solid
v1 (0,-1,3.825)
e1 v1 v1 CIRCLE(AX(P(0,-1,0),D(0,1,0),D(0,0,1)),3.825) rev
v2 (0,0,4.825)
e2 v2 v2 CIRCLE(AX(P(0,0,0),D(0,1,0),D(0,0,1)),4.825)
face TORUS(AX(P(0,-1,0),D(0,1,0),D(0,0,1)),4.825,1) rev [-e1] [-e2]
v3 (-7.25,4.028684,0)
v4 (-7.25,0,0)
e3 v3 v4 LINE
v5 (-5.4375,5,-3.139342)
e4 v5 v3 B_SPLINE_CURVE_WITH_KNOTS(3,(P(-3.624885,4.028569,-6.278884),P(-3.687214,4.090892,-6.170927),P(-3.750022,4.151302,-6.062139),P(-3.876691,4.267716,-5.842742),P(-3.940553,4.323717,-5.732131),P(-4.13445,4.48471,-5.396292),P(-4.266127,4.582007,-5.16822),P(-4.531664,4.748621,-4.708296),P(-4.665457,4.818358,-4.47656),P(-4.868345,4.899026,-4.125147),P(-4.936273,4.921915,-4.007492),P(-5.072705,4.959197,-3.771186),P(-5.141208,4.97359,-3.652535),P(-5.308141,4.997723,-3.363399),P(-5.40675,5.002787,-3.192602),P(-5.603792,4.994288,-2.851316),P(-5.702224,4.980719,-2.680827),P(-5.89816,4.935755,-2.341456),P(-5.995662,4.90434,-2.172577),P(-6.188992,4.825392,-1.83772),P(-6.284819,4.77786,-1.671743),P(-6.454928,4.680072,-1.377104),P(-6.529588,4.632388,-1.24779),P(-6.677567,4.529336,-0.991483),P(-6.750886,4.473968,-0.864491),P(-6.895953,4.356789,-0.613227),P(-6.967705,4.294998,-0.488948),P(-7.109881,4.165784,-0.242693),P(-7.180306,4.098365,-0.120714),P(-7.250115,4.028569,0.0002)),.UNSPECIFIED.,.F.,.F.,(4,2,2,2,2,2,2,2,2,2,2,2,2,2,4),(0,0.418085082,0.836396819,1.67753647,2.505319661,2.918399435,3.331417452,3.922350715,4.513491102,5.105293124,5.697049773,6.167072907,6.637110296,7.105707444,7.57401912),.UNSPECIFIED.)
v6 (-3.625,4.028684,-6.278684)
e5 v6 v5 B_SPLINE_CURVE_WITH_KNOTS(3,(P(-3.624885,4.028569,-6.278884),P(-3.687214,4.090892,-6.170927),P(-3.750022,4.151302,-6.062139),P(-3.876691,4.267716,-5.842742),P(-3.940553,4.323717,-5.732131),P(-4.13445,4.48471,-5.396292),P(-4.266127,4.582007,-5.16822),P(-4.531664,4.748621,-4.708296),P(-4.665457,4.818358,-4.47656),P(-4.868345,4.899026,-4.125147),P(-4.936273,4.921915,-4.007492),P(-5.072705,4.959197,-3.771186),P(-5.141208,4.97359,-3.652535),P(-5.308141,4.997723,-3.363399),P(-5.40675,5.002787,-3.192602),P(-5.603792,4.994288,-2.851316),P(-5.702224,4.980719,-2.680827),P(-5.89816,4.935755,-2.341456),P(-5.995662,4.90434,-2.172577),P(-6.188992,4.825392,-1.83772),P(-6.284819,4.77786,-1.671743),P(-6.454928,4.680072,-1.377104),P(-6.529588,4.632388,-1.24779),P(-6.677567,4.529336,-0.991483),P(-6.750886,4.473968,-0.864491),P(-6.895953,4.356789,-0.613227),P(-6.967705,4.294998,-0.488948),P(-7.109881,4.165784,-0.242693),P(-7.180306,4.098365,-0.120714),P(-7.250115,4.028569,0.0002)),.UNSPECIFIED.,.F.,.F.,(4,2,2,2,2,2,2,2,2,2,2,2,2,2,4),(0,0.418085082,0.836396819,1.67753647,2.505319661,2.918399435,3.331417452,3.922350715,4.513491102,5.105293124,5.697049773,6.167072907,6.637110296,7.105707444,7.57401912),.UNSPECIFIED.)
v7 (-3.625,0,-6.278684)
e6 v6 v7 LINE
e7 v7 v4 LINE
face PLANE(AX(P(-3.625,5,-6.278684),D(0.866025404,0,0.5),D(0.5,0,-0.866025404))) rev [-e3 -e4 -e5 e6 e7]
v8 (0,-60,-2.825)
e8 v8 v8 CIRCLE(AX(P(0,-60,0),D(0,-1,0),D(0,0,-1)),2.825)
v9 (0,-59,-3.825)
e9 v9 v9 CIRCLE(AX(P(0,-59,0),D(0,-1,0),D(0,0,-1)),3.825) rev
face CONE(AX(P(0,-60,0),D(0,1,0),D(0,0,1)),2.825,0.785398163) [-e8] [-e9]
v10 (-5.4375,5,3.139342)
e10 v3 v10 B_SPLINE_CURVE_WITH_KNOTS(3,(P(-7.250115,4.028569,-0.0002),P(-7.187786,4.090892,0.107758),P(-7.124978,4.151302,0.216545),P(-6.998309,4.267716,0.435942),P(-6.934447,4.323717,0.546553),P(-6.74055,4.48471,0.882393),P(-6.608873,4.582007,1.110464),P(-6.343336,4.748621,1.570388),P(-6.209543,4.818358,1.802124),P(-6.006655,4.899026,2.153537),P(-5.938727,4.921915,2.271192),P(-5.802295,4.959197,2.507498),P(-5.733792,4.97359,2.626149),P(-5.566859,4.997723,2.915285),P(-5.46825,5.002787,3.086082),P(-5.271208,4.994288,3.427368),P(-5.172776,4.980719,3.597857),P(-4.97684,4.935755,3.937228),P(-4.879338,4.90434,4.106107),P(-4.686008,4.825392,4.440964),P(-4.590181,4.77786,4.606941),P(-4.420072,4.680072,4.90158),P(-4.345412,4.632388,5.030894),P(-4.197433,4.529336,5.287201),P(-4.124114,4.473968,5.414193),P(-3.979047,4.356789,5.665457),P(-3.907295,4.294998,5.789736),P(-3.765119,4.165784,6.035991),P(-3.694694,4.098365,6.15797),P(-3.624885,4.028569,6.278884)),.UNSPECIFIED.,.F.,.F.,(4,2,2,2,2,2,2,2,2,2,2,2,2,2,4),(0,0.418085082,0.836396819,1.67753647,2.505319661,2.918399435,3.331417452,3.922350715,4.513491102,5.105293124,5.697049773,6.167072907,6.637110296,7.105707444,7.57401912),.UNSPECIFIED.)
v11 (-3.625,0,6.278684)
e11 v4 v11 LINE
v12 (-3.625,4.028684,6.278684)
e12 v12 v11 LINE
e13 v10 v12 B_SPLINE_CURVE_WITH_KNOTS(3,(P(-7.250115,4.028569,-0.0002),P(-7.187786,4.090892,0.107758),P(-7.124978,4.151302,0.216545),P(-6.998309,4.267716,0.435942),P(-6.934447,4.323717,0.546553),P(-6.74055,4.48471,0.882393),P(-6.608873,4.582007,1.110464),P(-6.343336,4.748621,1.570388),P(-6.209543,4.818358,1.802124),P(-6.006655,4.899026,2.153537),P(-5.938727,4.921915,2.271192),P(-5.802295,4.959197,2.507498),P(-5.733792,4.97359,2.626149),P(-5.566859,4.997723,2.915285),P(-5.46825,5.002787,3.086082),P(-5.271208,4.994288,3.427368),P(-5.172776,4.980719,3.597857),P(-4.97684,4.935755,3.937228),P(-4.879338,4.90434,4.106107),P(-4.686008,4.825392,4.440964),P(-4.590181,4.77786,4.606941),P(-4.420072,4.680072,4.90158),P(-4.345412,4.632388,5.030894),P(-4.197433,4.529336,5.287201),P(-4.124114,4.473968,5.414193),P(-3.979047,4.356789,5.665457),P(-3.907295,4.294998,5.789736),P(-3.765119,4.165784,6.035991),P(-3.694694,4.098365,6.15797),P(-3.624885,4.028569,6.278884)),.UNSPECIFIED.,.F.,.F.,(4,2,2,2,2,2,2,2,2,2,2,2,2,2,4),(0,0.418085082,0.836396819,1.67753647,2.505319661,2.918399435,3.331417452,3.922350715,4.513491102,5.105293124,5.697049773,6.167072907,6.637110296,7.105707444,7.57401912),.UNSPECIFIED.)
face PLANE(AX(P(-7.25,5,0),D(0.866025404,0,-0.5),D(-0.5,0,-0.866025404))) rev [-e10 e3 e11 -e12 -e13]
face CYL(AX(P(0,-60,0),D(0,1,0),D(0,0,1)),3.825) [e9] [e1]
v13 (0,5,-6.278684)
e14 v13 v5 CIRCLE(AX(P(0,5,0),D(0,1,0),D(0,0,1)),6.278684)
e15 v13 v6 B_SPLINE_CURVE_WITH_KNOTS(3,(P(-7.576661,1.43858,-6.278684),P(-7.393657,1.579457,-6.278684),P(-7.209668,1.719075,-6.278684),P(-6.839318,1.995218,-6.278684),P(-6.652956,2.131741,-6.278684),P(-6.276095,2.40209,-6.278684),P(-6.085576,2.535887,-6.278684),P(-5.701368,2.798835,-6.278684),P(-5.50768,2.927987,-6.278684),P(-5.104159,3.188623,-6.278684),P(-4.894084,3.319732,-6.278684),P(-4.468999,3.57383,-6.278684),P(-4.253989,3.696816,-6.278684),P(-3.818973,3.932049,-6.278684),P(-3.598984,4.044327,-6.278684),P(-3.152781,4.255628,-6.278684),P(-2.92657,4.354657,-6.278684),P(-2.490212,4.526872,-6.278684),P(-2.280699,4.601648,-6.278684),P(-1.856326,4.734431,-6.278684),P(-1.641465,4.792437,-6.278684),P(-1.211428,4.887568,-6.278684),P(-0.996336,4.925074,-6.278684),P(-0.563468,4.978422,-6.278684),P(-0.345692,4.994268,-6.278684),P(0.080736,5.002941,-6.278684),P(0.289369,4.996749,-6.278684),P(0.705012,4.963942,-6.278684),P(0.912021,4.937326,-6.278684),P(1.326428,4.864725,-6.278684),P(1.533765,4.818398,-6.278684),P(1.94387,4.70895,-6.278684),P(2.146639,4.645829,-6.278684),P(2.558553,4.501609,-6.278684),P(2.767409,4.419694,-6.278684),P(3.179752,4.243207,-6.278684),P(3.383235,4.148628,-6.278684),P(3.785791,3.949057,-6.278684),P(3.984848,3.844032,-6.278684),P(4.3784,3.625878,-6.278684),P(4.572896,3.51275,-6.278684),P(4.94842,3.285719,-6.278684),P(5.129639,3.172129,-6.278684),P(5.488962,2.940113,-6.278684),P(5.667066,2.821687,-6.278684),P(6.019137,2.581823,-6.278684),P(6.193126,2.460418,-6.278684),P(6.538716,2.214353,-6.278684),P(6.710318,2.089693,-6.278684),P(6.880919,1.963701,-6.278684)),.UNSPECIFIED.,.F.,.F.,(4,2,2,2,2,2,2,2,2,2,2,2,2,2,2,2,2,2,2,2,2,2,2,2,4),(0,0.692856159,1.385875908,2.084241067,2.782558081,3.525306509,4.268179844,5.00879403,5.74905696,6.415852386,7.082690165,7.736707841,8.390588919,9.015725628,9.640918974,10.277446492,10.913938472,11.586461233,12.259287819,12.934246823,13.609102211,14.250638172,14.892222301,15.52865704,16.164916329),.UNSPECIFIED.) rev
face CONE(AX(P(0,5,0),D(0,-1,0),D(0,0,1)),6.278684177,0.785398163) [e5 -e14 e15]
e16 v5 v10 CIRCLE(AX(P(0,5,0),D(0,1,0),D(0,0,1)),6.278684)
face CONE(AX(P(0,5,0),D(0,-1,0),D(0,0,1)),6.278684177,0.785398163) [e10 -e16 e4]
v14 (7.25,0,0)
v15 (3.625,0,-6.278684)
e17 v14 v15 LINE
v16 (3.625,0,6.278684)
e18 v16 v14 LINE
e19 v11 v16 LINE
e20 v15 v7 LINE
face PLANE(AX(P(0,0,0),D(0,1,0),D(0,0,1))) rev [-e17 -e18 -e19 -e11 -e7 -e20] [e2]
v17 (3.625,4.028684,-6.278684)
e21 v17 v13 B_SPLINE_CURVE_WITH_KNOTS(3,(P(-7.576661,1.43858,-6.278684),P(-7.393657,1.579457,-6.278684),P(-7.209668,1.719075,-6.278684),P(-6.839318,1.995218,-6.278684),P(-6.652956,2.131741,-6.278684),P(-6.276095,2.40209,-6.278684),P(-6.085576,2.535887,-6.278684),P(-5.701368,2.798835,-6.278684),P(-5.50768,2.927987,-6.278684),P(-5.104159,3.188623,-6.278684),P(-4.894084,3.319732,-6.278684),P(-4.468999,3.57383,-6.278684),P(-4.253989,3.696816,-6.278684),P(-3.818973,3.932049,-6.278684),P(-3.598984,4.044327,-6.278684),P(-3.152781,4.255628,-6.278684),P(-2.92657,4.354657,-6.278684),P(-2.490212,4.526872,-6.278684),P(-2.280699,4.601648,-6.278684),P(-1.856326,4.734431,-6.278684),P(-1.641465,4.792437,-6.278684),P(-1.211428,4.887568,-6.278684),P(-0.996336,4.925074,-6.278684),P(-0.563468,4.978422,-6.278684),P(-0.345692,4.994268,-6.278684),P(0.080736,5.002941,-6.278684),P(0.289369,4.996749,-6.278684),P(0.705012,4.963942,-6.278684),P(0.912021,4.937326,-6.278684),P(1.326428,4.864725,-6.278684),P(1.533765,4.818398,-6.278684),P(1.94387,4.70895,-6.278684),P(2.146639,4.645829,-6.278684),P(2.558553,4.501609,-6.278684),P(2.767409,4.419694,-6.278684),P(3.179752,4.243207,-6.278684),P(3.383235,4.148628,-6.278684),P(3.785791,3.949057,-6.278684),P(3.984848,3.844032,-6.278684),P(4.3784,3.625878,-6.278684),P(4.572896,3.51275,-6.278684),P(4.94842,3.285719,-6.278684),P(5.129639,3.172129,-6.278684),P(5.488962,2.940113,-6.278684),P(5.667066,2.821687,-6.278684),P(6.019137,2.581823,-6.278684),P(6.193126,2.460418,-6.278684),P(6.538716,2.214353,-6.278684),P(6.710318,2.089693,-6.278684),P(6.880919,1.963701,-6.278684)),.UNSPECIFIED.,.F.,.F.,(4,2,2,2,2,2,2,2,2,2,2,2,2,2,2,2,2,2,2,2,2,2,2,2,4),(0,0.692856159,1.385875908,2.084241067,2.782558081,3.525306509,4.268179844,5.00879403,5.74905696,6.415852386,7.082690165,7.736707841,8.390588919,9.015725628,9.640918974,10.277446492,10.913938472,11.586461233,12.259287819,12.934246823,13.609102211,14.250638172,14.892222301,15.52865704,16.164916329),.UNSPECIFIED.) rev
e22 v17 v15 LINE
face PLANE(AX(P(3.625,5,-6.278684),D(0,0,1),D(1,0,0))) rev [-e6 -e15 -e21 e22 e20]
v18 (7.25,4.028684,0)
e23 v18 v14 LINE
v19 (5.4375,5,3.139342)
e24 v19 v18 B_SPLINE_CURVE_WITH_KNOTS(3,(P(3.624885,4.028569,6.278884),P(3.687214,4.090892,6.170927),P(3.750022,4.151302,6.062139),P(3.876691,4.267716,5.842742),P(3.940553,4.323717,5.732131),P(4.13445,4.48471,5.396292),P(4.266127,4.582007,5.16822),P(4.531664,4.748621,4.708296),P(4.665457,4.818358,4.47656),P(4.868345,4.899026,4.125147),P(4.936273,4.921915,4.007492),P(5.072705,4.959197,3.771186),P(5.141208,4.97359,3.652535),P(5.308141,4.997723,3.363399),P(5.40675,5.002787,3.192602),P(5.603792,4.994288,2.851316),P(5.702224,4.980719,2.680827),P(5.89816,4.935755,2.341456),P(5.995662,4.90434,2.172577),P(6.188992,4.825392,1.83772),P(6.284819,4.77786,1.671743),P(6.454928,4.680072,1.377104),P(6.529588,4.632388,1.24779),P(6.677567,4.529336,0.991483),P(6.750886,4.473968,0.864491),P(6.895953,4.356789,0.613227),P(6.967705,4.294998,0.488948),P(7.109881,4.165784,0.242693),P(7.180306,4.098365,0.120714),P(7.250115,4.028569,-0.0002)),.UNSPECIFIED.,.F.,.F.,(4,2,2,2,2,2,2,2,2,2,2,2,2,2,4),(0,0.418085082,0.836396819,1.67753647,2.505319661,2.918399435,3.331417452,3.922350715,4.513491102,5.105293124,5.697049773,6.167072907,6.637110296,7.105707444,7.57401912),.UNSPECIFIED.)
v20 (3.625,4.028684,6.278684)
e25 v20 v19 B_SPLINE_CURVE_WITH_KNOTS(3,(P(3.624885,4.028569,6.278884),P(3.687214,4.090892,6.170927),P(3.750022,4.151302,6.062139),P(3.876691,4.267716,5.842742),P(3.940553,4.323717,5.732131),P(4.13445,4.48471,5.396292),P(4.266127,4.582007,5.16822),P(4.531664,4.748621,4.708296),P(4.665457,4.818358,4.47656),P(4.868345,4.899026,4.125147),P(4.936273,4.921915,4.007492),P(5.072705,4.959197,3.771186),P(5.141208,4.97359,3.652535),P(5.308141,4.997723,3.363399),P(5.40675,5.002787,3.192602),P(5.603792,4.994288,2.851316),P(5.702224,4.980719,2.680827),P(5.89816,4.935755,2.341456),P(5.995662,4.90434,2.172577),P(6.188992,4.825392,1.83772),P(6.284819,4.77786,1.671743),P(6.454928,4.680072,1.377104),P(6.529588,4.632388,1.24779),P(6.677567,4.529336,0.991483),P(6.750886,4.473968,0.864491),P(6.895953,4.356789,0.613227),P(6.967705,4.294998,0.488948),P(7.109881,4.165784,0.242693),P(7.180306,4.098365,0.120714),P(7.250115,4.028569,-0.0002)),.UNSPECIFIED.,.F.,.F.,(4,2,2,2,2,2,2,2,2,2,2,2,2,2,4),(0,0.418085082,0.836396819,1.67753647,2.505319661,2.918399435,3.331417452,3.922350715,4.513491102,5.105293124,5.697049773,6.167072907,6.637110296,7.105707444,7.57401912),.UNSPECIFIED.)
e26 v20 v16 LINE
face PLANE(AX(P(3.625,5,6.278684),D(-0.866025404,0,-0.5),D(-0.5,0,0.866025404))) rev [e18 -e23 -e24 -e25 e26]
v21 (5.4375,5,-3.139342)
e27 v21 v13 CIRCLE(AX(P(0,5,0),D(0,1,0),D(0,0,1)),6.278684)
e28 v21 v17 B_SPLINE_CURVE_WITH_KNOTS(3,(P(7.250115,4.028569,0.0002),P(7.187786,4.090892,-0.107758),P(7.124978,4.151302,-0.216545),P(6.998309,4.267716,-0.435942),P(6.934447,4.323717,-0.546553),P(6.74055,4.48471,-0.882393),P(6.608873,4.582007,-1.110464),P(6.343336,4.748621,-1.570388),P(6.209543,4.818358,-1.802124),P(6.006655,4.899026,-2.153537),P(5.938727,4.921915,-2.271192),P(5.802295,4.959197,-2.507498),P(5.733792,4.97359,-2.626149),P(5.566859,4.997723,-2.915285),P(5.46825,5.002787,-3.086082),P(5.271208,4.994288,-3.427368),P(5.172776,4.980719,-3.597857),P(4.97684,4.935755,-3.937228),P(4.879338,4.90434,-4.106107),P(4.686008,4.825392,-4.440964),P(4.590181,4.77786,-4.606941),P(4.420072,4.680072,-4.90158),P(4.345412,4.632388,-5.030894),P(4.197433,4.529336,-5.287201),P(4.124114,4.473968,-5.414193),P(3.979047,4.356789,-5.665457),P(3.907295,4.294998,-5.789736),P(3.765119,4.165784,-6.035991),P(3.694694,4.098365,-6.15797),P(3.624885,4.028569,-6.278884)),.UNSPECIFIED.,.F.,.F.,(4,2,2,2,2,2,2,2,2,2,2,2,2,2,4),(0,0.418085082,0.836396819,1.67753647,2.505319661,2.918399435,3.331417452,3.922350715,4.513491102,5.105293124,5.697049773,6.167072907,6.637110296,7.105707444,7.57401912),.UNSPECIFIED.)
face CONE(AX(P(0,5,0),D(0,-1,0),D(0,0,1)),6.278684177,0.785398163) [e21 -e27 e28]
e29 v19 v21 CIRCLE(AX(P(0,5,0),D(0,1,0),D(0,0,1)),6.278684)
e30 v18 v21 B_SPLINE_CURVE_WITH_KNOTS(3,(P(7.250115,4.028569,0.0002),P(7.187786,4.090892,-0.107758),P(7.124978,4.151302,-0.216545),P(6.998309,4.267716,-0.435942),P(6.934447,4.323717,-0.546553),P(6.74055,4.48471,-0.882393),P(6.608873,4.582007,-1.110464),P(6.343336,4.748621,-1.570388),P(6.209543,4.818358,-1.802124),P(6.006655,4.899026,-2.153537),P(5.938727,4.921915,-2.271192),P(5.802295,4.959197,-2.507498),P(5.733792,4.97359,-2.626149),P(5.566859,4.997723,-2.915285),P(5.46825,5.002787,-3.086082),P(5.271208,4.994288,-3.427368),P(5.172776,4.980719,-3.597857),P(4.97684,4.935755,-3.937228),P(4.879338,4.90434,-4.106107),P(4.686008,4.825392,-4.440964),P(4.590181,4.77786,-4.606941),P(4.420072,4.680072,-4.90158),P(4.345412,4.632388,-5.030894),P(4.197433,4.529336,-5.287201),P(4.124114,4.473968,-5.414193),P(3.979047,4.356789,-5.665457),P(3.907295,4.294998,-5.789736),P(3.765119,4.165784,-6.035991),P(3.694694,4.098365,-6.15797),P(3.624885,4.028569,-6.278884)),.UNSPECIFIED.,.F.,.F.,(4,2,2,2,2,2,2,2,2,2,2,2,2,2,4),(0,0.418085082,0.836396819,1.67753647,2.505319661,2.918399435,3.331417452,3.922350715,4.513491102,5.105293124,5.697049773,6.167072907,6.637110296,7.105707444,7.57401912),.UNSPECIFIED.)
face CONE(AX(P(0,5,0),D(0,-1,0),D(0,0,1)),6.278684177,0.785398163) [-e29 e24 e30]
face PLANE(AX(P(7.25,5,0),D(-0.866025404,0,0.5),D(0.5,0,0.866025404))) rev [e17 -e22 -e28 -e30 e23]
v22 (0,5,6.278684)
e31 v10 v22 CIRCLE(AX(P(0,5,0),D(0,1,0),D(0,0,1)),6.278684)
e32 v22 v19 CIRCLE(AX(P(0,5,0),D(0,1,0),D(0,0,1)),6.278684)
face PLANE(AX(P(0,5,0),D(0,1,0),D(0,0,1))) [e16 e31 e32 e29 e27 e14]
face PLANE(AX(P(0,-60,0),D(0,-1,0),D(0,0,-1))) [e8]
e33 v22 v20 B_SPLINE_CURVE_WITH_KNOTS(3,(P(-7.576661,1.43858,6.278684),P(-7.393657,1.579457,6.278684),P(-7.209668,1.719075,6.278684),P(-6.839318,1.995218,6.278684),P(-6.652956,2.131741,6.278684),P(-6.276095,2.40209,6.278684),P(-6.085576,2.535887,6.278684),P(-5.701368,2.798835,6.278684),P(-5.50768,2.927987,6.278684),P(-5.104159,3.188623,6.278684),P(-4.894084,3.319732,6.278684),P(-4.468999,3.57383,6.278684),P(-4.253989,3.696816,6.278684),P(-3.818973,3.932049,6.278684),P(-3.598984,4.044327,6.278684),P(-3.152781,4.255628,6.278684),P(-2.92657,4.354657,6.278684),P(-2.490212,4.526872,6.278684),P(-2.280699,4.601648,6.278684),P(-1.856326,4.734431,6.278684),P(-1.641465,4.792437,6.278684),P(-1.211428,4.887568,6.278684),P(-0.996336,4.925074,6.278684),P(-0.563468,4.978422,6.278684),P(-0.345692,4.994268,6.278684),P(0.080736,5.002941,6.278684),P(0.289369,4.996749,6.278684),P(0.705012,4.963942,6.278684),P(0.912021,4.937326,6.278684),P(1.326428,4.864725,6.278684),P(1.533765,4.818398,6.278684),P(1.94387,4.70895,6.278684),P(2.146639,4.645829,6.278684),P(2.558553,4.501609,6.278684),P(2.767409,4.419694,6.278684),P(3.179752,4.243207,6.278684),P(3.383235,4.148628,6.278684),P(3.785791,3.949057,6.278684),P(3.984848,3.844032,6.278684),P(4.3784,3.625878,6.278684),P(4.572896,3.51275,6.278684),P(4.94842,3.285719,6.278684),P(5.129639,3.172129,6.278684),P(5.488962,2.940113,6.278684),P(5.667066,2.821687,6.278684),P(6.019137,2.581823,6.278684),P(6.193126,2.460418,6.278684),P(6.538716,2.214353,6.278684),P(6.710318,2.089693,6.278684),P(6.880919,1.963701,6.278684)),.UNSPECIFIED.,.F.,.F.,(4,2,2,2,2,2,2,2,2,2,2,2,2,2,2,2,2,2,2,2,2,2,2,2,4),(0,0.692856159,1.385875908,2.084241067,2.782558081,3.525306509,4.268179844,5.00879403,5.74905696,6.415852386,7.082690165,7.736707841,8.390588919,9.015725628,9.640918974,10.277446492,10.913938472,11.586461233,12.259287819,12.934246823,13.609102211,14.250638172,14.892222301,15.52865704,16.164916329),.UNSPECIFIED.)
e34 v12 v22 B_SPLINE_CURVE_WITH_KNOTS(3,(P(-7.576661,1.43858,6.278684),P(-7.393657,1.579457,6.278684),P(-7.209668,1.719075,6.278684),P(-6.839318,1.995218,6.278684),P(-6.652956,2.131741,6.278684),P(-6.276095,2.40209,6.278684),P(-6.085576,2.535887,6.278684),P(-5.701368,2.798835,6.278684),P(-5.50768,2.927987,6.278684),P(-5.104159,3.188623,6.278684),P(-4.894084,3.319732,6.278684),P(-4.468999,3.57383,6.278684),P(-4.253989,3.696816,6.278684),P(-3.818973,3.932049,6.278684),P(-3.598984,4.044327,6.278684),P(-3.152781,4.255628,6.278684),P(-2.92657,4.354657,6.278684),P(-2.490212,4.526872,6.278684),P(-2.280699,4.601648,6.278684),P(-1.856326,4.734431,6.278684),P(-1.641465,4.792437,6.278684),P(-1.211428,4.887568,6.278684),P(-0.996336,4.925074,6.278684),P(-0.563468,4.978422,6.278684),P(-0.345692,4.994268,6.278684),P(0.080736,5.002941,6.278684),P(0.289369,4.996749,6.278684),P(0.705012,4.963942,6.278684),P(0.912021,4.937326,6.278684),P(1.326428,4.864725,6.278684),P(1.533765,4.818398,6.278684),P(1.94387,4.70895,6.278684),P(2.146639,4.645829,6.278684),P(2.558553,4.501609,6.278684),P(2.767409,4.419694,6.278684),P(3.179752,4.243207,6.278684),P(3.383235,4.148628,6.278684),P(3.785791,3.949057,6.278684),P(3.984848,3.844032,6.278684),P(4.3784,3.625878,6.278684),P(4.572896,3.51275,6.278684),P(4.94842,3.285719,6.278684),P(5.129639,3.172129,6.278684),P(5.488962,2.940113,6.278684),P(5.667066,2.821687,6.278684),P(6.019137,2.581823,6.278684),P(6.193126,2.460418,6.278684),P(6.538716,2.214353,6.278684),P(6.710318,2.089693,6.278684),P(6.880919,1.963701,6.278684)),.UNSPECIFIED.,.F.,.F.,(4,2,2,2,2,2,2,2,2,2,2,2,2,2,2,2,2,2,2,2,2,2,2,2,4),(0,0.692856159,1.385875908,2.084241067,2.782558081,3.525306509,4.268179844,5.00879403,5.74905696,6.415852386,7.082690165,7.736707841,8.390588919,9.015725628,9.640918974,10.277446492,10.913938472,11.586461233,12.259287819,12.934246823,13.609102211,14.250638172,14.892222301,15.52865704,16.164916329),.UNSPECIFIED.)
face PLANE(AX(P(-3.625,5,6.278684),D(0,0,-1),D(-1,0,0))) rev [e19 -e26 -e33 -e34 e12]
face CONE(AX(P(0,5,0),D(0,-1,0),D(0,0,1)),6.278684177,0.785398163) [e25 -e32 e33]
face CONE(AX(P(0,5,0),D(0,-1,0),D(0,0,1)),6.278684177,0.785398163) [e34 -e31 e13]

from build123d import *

# Parameters (mm, degrees)
EXTRUDE_1_DEPTH     = 5
SKETCH_8_OUTSIDE_W  = 22.464
SKETCH_8_OUTSIDE_H  = 20.522
SKETCH_8_OUTSIDE_R  = 6.278684177
CUT_EXTRUDE_1_DEPTH = 1
CUT_EXTRUDE_1_DRAFT = -45
SKETCH_9_R          = 3.825
BOLT_LENGTH_DEPTH   = 60
FILLET_1_R          = 1
CHAMFER_1_SIZE      = 1


with BuildPart() as part:
    # Эскиз6 → Бобышка-Вытянуть1 (new body)
    with BuildSketch(Plane(origin=(0, 0, 0), x_dir=(1, 0, 0), z_dir=(0, 1, 0))):
        Polygon((7.25, 0), (3.625, 6.278684177), (-3.625, 6.278684177), (-7.25, 0), (-3.625, -6.278684177), (3.625, -6.278684177), align=None)
    extrude(amount=EXTRUDE_1_DEPTH)


with BuildPart() as cut_extrude_1_tool:
    # Эскиз8 outside → Вырез-Вытянуть1 (with draft: the straight prism first)
    with BuildSketch(Plane(origin=(0, 5, 0), x_dir=(1, 0, 0), z_dir=(0, 1, 0))):
        Rectangle(SKETCH_8_OUTSIDE_W, SKETCH_8_OUTSIDE_H)
        Circle(SKETCH_8_OUTSIDE_R, mode=Mode.SUBTRACT)
    extrude(amount=-CUT_EXTRUDE_1_DEPTH)
    # Вырез-Вытянуть1: the draft: its side faces are tilted about the plane it starts from
    cut_extrude_1_sides = [cut_extrude_1_tool.faces().sort_by_distance(p)[0] for p in [
        (0, 4.5, 10.261),
        (11.232, 4.5, 0),
        (0, 4.5, -10.261),
        (-11.232, 4.5, 0),
        (-6.278684177, 4.5, 0),
    ]]
    draft(cut_extrude_1_sides, Plane(origin=(0, 5, 0), x_dir=(1, 0, 0), z_dir=(0, 1, 0)), CUT_EXTRUDE_1_DRAFT)


with BuildPart() as part_1:
    add(part.part)

    # Вырез-Вытянуть1: cut by cut_extrude_1_tool
    add(cut_extrude_1_tool.part, mode=Mode.SUBTRACT)

    # Эскиз9 → bolt length (add)
    with BuildSketch(Plane.XZ):
        with Locations(Location((0, 0, 0), (0, 0, 90))):  # turned: the seam where the file's is
            Circle(SKETCH_9_R)
    extrude(amount=BOLT_LENGTH_DEPTH)

    # Скругление1
    fillet_1_edges = [part_1.edges().sort_by_distance(p)[0] for p in [
        (0, 0, -3.825),
    ]]
    fillet(fillet_1_edges, radius=FILLET_1_R)

    # Фаска1
    chamfer_1_edges = [part_1.edges().sort_by_distance(p)[0] for p in [
        (0, -60, -3.825),
    ]]
    chamfer(chamfer_1_edges, length=CHAMFER_1_SIZE)


solid = part_1.part
